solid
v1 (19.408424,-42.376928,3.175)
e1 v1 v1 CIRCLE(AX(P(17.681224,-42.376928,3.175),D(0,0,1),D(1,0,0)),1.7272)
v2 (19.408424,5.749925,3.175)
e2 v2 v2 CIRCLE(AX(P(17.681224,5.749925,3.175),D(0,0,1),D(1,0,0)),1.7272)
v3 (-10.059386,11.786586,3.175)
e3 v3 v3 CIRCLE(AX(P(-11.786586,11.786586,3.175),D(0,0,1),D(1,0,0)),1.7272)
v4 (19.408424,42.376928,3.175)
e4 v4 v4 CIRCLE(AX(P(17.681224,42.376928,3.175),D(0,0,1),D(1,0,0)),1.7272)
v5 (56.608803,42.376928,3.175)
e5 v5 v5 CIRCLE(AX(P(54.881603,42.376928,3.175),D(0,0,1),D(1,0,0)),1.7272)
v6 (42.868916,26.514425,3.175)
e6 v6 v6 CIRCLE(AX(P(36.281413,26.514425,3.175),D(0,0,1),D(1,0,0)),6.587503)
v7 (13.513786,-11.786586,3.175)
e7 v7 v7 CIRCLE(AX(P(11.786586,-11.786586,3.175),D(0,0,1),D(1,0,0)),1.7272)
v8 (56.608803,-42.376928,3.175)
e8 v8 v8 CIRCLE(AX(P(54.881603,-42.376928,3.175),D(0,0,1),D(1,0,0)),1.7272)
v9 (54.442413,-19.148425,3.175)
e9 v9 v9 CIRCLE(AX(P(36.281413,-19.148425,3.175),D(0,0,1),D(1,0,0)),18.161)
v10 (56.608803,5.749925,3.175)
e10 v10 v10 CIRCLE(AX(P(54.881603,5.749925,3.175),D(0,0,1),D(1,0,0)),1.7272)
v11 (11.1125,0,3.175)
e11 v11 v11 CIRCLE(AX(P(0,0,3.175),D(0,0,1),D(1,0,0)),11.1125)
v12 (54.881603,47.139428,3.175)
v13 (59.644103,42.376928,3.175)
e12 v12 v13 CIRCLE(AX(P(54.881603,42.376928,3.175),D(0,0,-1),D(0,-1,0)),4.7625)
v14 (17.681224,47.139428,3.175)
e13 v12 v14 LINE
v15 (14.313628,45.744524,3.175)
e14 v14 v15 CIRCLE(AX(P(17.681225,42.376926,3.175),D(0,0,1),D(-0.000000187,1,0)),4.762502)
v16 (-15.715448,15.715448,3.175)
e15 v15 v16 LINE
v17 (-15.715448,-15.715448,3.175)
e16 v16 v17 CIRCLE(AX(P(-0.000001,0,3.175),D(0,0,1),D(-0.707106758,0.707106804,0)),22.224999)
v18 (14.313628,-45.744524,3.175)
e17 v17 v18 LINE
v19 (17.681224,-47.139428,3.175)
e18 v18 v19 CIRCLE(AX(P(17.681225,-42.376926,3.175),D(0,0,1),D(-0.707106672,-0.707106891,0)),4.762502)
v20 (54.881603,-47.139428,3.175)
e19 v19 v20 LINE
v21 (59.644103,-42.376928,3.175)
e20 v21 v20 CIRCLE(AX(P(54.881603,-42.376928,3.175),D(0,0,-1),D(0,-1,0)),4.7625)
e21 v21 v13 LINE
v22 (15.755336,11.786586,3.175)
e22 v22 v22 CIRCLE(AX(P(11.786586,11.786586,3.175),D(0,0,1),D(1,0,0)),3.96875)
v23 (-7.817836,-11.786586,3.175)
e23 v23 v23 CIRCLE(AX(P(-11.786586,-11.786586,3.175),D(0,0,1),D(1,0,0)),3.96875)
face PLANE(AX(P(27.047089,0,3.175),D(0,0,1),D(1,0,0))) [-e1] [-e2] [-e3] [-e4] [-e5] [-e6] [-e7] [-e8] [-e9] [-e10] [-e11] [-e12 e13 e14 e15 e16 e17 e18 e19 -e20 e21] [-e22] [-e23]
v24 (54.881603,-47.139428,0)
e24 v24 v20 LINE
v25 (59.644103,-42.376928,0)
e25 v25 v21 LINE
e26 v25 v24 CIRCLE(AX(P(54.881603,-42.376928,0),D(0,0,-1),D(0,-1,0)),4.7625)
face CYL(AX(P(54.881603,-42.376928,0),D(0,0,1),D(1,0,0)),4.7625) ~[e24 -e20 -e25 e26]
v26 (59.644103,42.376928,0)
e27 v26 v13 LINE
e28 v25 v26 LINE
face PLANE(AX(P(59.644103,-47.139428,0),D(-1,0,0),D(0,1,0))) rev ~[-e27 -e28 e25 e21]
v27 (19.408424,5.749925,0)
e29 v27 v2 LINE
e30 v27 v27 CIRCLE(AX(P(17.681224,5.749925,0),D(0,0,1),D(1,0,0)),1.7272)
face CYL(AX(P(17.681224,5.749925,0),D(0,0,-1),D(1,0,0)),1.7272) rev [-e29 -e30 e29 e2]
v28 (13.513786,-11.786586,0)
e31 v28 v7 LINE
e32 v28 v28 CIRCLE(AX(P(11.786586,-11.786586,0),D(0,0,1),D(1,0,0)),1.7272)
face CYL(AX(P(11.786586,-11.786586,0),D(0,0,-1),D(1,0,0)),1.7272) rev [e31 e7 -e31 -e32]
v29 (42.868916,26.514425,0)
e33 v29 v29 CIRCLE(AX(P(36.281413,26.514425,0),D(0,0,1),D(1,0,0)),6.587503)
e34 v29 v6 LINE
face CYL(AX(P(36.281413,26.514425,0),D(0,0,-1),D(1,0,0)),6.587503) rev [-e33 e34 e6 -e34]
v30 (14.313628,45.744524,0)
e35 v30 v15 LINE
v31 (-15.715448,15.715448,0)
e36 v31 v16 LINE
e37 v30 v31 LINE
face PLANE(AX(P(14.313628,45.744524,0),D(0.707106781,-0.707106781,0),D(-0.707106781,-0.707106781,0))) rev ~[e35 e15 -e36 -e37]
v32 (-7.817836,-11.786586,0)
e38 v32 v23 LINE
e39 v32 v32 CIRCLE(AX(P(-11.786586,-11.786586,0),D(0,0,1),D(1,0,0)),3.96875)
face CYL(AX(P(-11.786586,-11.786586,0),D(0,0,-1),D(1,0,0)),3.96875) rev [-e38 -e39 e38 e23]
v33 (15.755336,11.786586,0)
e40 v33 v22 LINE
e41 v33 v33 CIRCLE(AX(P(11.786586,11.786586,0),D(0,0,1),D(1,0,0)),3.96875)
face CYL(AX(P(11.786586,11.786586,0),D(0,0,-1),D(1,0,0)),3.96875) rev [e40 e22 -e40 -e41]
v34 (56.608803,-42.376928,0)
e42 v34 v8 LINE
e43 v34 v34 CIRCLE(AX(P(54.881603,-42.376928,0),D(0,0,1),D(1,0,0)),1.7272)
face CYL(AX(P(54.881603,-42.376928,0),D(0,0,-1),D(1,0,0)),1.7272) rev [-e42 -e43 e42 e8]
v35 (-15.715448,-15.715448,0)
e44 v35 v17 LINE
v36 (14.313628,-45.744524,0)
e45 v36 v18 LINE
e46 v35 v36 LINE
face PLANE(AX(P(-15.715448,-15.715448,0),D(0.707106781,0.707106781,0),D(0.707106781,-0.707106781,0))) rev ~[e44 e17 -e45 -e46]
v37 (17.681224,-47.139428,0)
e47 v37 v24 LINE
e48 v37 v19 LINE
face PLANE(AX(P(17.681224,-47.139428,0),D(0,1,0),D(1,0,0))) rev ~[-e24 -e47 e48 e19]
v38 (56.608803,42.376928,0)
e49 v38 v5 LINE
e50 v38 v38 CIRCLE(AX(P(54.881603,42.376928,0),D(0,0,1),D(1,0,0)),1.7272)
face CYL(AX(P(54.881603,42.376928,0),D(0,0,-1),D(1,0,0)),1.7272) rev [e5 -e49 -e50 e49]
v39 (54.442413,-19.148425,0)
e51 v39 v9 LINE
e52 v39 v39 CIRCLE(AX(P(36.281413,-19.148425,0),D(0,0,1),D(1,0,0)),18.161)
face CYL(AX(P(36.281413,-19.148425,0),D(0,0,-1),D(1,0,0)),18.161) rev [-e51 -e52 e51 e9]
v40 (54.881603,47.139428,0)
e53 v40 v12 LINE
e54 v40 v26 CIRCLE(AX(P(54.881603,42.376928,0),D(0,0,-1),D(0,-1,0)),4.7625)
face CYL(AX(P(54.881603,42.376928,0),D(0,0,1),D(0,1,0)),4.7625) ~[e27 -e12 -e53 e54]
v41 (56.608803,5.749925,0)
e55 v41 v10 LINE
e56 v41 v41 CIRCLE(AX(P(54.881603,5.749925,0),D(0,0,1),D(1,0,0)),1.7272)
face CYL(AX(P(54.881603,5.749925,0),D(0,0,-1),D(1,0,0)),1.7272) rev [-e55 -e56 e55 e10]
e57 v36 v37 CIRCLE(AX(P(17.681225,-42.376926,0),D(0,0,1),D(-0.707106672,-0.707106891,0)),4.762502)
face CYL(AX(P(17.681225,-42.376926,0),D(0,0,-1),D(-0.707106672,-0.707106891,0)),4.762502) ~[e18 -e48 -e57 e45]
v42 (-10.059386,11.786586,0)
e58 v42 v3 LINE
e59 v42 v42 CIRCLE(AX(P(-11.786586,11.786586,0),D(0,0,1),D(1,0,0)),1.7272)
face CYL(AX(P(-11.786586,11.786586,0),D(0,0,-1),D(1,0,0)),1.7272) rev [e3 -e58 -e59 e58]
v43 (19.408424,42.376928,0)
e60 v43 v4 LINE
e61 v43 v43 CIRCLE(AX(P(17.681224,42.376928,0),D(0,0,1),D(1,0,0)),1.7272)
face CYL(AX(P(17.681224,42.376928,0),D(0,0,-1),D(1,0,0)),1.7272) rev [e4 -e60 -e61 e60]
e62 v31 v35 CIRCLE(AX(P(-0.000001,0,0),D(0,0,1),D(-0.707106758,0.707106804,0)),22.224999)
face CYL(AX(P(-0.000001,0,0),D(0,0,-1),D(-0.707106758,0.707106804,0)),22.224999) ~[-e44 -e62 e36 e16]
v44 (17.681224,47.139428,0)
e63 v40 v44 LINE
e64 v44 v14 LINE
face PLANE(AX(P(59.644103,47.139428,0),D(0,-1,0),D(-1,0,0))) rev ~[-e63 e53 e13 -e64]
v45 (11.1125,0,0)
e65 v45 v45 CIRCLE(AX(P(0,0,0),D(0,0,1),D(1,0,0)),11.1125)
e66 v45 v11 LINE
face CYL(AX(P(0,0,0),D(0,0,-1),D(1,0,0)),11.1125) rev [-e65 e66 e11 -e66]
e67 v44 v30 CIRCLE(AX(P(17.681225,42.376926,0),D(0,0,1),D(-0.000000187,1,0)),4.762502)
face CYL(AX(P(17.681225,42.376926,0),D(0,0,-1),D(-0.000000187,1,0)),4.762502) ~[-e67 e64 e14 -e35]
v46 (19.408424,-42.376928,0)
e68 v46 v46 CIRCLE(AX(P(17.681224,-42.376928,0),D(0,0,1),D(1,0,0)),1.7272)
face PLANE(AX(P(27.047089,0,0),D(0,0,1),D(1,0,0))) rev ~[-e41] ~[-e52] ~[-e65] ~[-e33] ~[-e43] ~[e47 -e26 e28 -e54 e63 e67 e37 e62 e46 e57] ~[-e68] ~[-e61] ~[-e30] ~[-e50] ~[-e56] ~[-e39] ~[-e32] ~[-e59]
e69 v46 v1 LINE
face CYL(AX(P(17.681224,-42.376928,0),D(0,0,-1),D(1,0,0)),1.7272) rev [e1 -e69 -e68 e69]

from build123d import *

# Parameters (mm, degrees)
F0_R     = 1.7272
F0_R_2   = 3.96875
F0_R_3   = 18.161
F0_R_4   = 11.1125
F0_R_5   = 6.587503
F1_DEPTH = 3.175
F2_R     = 4.7625


with BuildPart() as f1:
    # F0 (on Top) → F1 (new body)
    with BuildSketch(Plane.XY):
        with BuildLine():
            Line((14.313628, 45.744524), (-15.715448, 15.715448))
            ThreePointArc((-15.715448, 15.715448), (-22.225, 0), (-15.715448, -15.715448))
            Line((-15.715448, -15.715448), (14.313628, -45.744524))
            ThreePointArc((14.313628, -45.744524), (15.858694, -46.776904), (17.681224, -47.139428))
            Line((17.681224, -47.139428), (59.644103, -47.139428))
            Line((59.644103, -47.139428), (59.644103, 47.139428))
            Line((59.644103, 47.139428), (17.681224, 47.139428))
            ThreePointArc((17.681224, 47.139428), (15.858694, 46.776904), (14.313628, 45.744524))
        make_face()
        with Locations((17.681224, -42.376928)):
            Circle(F0_R, mode=Mode.SUBTRACT)
        with Locations((-11.786586, -11.786586)):
            Circle(F0_R_2, mode=Mode.SUBTRACT)
        with Locations((11.786586, -11.786586)):
            Circle(F0_R, mode=Mode.SUBTRACT)
        with Locations((54.881603, -42.376928)):
            Circle(F0_R, mode=Mode.SUBTRACT)
        with Locations((36.281413, -19.148425)):
            Circle(F0_R_3, mode=Mode.SUBTRACT)
        with Locations((-11.786586, 11.786586)):
            Circle(F0_R, mode=Mode.SUBTRACT)
        Circle(F0_R_4, mode=Mode.SUBTRACT)
        with Locations((17.681224, 5.749925)):
            Circle(F0_R, mode=Mode.SUBTRACT)
        with Locations((11.786586, 11.786586)):
            Circle(F0_R_2, mode=Mode.SUBTRACT)
        with Locations((17.681224, 42.376928)):
            Circle(F0_R, mode=Mode.SUBTRACT)
        with Locations((54.881603, 5.749925)):
            Circle(F0_R, mode=Mode.SUBTRACT)
        with Locations((36.281413, 26.514425)):
            Circle(F0_R_5, mode=Mode.SUBTRACT)
        with Locations((54.881603, 42.376928)):
            Circle(F0_R, mode=Mode.SUBTRACT)
    extrude(amount=F1_DEPTH)

    # F2
    f2_edges = [f1.edges().sort_by_distance(p)[0] for p in [
        (59.644103, 47.139428, 1.5875),
        (59.644103, -47.139428, 1.5875),
    ]]
    fillet(f2_edges, radius=F2_R)


solid = f1.part
